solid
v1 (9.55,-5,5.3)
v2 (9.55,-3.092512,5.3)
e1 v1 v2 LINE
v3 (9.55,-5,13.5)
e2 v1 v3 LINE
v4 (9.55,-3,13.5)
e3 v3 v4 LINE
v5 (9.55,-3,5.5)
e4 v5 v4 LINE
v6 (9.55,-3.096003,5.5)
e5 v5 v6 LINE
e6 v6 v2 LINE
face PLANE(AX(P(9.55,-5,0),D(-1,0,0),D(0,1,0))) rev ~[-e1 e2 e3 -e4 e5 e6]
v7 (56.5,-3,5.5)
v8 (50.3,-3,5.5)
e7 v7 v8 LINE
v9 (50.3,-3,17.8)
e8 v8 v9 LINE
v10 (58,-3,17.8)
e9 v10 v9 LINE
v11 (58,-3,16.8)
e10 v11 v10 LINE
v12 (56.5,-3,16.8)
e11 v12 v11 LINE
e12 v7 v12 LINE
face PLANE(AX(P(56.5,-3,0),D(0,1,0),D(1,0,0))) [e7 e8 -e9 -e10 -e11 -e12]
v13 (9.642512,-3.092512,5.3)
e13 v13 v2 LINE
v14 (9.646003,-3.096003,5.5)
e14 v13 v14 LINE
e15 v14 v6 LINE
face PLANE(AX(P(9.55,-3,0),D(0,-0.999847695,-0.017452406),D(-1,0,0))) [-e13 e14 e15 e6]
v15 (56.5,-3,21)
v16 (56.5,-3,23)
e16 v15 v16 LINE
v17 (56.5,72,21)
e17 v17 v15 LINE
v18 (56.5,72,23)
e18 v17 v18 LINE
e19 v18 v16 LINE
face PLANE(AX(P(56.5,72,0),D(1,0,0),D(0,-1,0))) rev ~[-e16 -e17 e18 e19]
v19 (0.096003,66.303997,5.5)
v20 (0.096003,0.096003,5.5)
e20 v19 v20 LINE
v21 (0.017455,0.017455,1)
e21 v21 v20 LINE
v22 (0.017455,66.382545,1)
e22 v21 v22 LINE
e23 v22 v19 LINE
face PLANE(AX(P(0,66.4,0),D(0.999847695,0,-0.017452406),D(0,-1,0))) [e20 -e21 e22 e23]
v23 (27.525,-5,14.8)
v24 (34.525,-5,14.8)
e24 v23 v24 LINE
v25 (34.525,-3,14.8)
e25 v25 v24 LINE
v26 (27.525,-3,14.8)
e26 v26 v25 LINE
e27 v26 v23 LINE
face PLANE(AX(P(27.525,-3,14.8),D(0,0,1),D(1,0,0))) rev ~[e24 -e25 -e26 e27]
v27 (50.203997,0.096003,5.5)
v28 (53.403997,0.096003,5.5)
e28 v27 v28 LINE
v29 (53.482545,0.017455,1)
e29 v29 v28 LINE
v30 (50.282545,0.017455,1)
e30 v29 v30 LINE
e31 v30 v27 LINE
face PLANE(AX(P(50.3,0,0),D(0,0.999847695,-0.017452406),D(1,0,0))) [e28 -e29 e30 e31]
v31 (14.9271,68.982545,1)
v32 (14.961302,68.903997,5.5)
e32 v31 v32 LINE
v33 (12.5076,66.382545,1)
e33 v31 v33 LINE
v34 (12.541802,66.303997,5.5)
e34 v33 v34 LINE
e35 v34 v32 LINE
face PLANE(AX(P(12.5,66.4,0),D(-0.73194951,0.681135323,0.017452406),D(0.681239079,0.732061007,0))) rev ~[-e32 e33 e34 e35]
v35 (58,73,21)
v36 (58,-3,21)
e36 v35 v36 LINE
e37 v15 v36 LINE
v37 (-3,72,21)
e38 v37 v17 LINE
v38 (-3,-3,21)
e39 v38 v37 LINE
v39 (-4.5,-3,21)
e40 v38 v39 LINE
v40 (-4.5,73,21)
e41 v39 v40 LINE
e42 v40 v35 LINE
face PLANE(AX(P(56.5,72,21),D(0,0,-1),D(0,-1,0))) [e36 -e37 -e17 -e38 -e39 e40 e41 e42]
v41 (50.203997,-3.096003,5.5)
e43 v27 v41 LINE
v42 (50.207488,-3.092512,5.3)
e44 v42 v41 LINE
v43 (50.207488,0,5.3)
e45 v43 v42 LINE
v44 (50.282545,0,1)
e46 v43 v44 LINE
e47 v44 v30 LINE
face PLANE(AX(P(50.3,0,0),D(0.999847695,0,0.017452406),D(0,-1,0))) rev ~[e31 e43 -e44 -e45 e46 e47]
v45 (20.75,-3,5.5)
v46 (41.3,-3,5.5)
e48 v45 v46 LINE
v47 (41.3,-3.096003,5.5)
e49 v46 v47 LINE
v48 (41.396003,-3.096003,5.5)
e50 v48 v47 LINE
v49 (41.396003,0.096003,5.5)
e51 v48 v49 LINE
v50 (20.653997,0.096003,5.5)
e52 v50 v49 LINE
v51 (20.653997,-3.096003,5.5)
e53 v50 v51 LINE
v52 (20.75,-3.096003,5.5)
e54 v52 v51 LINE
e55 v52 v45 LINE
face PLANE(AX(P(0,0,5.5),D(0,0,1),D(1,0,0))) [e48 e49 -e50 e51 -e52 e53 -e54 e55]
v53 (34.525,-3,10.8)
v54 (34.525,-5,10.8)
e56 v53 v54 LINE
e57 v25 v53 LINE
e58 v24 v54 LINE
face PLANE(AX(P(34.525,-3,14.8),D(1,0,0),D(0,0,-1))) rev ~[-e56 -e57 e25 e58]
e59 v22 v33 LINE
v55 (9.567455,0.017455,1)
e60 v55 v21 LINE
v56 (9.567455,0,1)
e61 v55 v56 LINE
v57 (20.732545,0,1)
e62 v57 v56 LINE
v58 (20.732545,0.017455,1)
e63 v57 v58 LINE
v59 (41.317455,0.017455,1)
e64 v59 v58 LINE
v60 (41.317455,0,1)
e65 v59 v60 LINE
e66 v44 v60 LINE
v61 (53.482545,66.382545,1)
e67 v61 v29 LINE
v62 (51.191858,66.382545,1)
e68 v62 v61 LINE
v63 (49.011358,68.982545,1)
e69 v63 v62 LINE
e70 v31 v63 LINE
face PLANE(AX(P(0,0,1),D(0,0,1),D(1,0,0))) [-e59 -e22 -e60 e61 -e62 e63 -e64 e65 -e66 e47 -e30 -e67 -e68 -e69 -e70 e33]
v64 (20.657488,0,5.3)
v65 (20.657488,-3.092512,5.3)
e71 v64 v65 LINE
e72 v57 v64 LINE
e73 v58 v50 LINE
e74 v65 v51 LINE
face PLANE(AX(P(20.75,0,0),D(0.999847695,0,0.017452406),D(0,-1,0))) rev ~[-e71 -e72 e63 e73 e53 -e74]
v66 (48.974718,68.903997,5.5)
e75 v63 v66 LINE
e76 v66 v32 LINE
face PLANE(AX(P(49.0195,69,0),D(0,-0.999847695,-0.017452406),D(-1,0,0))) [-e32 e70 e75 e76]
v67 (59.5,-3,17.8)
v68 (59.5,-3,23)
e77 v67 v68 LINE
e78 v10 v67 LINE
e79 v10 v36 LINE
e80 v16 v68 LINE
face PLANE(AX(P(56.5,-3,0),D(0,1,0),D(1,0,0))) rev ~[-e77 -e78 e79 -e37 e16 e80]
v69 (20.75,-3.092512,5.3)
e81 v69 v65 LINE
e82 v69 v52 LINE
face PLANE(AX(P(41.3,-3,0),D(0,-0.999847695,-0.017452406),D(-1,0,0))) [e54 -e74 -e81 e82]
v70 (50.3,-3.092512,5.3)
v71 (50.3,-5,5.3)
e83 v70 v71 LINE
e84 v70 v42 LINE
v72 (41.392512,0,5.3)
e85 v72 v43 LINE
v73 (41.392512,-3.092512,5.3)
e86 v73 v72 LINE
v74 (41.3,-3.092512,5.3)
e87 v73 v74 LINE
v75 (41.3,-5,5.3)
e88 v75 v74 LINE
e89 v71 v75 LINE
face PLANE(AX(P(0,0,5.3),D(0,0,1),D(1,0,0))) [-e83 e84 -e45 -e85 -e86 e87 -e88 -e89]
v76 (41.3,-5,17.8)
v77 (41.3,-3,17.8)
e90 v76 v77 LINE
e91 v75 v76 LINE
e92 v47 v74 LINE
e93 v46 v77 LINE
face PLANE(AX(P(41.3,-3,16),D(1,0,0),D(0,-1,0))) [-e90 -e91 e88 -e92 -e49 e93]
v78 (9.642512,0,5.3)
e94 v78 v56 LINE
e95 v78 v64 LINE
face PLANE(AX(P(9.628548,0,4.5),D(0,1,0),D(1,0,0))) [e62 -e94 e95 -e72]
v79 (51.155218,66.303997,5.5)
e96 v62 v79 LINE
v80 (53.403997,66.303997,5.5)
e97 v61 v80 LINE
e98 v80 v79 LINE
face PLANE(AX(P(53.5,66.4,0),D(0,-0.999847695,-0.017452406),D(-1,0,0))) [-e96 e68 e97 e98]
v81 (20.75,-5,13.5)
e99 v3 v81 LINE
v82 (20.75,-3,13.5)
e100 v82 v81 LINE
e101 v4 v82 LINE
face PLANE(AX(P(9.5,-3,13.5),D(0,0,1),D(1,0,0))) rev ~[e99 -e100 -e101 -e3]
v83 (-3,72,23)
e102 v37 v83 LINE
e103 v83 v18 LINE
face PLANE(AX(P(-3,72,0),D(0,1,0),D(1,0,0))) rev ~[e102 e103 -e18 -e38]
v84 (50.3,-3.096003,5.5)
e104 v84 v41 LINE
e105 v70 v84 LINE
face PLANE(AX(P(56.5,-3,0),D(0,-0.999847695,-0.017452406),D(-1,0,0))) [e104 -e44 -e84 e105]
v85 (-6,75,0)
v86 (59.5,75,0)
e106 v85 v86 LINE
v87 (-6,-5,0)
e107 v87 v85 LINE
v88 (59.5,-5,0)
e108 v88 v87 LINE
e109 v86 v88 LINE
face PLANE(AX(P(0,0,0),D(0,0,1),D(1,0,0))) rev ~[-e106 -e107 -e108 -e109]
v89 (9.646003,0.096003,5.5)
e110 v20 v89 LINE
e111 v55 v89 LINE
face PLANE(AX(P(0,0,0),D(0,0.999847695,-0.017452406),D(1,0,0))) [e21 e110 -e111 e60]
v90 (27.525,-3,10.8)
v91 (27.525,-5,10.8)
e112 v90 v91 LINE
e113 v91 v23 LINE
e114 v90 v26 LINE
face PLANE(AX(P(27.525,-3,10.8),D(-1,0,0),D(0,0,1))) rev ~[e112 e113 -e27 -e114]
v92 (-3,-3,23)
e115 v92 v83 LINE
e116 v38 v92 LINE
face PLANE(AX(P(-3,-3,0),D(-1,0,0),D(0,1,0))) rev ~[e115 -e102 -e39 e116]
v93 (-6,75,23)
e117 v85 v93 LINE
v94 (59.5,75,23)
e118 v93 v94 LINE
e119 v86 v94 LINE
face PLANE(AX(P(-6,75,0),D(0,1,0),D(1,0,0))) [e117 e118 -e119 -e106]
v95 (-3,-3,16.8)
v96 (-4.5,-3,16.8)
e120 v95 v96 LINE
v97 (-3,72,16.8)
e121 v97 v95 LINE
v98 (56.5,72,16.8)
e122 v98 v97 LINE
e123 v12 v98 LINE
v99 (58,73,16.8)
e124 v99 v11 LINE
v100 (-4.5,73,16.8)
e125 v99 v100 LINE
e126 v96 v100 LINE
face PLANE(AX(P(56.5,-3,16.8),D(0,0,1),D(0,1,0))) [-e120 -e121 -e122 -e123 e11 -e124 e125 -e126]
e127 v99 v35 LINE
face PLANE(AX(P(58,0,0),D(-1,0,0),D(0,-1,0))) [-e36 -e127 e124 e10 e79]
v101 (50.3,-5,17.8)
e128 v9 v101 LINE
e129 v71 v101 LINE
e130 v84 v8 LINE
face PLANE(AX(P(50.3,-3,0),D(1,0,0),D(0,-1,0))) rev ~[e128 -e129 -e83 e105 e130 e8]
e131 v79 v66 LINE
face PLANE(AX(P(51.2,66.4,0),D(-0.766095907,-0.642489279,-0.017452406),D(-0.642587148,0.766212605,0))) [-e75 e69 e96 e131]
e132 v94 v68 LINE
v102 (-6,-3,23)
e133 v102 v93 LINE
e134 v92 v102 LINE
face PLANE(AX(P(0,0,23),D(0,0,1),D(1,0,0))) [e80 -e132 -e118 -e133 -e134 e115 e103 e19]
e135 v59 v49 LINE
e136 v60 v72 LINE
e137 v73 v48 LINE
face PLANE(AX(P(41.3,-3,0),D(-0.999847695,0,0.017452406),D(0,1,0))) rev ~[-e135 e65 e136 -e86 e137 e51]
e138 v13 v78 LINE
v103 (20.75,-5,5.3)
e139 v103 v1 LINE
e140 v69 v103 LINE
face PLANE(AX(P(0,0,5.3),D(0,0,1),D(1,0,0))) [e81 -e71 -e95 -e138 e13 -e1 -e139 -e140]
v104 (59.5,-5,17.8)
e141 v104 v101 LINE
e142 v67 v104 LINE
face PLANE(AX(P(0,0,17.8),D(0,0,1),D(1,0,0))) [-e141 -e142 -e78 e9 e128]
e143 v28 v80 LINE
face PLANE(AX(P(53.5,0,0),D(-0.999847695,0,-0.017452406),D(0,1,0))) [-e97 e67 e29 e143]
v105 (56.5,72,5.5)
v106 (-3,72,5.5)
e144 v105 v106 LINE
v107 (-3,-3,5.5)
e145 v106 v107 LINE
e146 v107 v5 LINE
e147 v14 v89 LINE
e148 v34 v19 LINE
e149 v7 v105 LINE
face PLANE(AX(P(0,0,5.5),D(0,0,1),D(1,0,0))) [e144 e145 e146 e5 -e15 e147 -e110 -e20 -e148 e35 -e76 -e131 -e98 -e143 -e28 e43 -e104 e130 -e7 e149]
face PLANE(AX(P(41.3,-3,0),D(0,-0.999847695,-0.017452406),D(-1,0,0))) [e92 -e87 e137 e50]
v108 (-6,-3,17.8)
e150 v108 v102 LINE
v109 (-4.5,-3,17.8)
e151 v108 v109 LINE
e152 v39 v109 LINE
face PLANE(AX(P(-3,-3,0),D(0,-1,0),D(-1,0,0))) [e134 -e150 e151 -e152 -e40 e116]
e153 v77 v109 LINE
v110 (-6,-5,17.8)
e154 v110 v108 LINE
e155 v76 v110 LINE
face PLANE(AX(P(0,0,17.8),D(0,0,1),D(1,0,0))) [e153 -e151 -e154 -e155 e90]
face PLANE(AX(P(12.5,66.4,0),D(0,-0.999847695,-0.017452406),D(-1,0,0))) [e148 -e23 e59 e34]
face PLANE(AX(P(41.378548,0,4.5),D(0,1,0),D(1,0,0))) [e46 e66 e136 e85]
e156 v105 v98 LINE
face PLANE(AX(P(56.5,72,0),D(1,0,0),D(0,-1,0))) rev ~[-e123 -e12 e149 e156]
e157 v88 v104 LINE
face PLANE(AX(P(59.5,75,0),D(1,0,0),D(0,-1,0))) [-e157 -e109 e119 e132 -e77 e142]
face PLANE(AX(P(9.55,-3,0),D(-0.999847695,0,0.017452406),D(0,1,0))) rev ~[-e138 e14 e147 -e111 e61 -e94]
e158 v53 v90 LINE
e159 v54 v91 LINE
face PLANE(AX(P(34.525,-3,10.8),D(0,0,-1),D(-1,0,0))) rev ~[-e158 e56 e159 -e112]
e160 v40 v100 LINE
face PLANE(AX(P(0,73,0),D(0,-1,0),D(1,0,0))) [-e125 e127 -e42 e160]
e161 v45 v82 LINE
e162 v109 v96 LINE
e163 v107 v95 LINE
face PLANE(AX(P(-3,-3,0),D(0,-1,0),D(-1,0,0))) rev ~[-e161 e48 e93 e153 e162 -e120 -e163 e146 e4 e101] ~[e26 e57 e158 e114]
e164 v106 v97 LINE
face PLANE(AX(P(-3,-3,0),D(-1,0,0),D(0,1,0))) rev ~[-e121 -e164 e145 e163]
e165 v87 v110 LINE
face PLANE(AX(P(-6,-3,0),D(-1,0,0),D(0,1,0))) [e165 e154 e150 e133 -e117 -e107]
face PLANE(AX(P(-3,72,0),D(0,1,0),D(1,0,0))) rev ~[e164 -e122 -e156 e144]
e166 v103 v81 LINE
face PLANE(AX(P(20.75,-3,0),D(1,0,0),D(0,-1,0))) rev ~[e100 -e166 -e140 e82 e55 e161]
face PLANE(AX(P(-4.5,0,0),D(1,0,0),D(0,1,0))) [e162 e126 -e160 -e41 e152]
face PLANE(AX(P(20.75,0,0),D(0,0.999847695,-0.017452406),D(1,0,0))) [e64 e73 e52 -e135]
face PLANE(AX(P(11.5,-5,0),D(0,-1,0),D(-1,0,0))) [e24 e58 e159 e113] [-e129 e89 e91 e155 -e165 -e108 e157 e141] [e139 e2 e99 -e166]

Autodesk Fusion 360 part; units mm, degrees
sketch "Esquisse1" plane through (0, 0, 0) normal (0, 0, 1) x (1, 0, 0)
  line L0 (0, 0) -> (53.5, 0)
  line L1 (53.5, 0) -> (53.5, 66.4)
  line L2 (0, 66.4) -> (0, 0)
  line L3 (41.3, 0) -> (50.3, 0)
  line L4 (50.3, 0) -> (50.3, -5.2)
  line L5 (50.3, -5.2) -> (41.3, -5.2)
  line L6 (41.3, -5.2) -> (41.3, 0)
  line L7 (11.5, 0) -> (18.8, 0)
  line L8 (18.8, 0) -> (18.8, -1.2)
  line L9 (18.8, -1.2) -> (11.5, -1.2)
  line L10 (11.5, -1.2) -> (11.5, 0)
  line L11 (53.5, 66.4) -> (51.2, 66.4) construction
  line L12 (51.2, 66.4) -> (49.0195, 69)
  line L13 (49.0195, 69) -> (14.9195, 69)
  line L14 (12.5, 66.4) -> (14.9195, 69)
  line L15 (53.5, 66.4) -> (51.2, 66.4)
  line L16 (12.5, 66.4) -> (0, 66.4)
  line L17 (41.3, 0) -> (49.9, 0)
  line L18 (11.5, 0) -> (18.8, 0)
  line L19 (0, 33.2) -> (53.5, 33.2) construction
  line L20 (26.75, 0) -> (26.75, 33.2) construction
  line L21 (0, 66.4) -> (0, 68.7) construction
  line L22 (0, 68.7) -> (53.5, 68.7) construction
  line L23 (53.5, 68.7) -> (53.5, 66.4) construction
  line L24 (-3, 72) -> (56.5, 72)
  line L25 (56.5, 72) -> (56.5, -3)
  line L26 (56.5, -3) -> (-3, -3)
  line L27 (-3, -3) -> (-3, 72)
  line L28 (-6, 75) -> (59.5, 75)
  line L29 (59.5, 75) -> (59.5, -5)
  line L30 (59.5, -5) -> (-6, -5)
  line L31 (-6, -5) -> (-6, 75)
  line L32 (26.75, 75) -> (26.75, -5) construction
  line L33 (11.5, -1.2) -> (11.5, -5)
  line L34 (18.8, -1.2) -> (18.8, -5)
  line L35 (15.15, 0) -> (15.15, -5) construction
  line L36 (9.55, 0) -> (20.75, 0)
  line L37 (20.75, 0) -> (20.75, -5)
  line L38 (20.75, -5) -> (9.55, -5)
  line L39 (9.55, -5) -> (9.55, 0)
  line L40 (15.15, 0) -> (15.15, -5) construction
  line L41 (-3, -3) -> (-6, -3)
  line L42 (56.5, -3) -> (59.5, -3)
  dimension "d1" = 66.4
  dimension "d13" = 53.5
  dimension "d14" = 3.2
  dimension "d15" = 9
  dimension "d16" = 5.2
  dimension "d17" = 11.5
  dimension "d18" = 7.3
  dimension "d19" = 1.2
  dimension "d21" = 2.3
  dimension "d22" = 38.7
  dimension "d25" = 34.1
  dimension "d43" = 3
  dimension "d44" = 3
  dimension "d45" = 3
  dimension "d46" = 3
  dimension "d47" = 3
  dimension "d48" = 3
  dimension "d52" = 11.2
extrude "Extrusion6" add sketch "Esquisse1" along normal blind 1 contours L0 L1 L2 L3 L7 L12 L13 L14 L15 L16 L17 L18 L36
extrude "Extrusion7" add sketch "Esquisse1" along normal blind 5.5 draft 1 contours L0 L1 L2 L4 L12 L13 L14 L15 L16 L24 L25 L26 L27 L39 | L0 L6 L26 L37
extrude "Extrusion8" add sketch "Esquisse1" along normal blind 23 contours L24 L25 L27 L28 L29 L31 L41 L42
extrude "Extrusion9" add sketch "Esquisse1" along normal blind 4.5 contours L0 L10 L26 L33 L36 L39 | L0 L7 L8 L9 L10 L18 L36 | L26 L30 L33 L38 L39 | L0 L8 L26 L34 L36 L37 | L9 L26 L33 L34 | L26 L30 L33 L34 L38 | L26 L30 L34 L37 L38 | L0 L3 L4 L6 L17 L26 | L4 L6 L26 L30
extrude "Extrusion10" add sketch "Esquisse1" along normal blind 17.8 contours L26 L30 L31 L39 L41 | L6 L26 L30 L37 | L4 L26 L29 L30 L42
sketch "Esquisse2" plane through (-3, 0, 0) normal (1, 0, 0) x (0, 1, 0)
  line L0 (-3, 5.5) -> (72, 5.5)
  line L1 (72, 5.5) -> (72, 23)
  line L2 (72, 23) -> (-3, 23)
  line L3 (-3, 23) -> (-3, 17.8)
  line L4 (-3, 17.8) -> (-3, 5.5)
  line L5 (-3, 23) -> (75, 23) construction
  line L6 (-3, 21) -> (72.5, 21)
  line L7 (72.5, 21) -> (72.5, 16.8)
  line L8 (72.5, 16.8) -> (-3, 16.8)
  line L9 (-3, 16.8) -> (-3, 21)
  dimension "d65" = 2
  dimension "d66" = 4.2
  dimension "d67" = 75.5
extrude "Extrusion11" cut sketch "Esquisse2" against normal blind 1.5 contours L1 L3 L4 L6 L8 L9
sketch "Esquisse3" plane through (56.5, 0, 0) normal (-1, 0, 0) x (0, -1, 0)
  line L0 (-72, 5.5) -> (3, 5.5)
  line L1 (3, 5.5) -> (3, 17.8)
  line L2 (3, 17.8) -> (3, 23)
  line L3 (3, 23) -> (-72, 23)
  line L4 (-72, 23) -> (-72, 5.5)
  line L5 (-72, 23) -> (3, 23) construction
  line L6 (-72, 21) -> (3, 21)
  line L7 (3, 21) -> (3, 16.8)
  line L8 (3, 16.8) -> (-72, 16.8)
  line L9 (-72, 16.8) -> (-72, 21)
  dimension "d70" = 4.2
  dimension "d71" = 2
extrude "Extrusion12" cut sketch "Esquisse3" against normal blind 1.5 contours L1 L2 L4 L6 L7 L8 L9
sketch "Esquisse4" plane through (0, 72, 0) normal (0, -1, 0) x (1, 0, 0)
  line L0 (-3, 5.5) -> (56.5, 5.5)
  line L1 (56.5, 5.5) -> (56.5, 16.8)
  line L2 (56.5, 16.8) -> (58, 16.8)
  line L3 (58, 16.8) -> (58, 21)
  line L4 (58, 21) -> (56.5, 21)
  line L5 (56.5, 21) -> (56.5, 23)
  line L6 (56.5, 23) -> (-3, 23)
  line L7 (-3, 23) -> (-3, 21)
  line L8 (-3, 21) -> (-4.5, 21)
  line L9 (-4.5, 21) -> (-4.5, 16.8)
  line L10 (-4.5, 16.8) -> (-3, 16.8)
  line L11 (-3, 16.8) -> (-3, 5.5)
  line L12 (-4.5, 21) -> (58, 21)
  line L13 (58, 21) -> (58, 16.8)
  line L14 (58, 16.8) -> (-4.5, 16.8)
  line L15 (-4.5, 16.8) -> (-4.5, 21)
extrude "Extrusion13" add 2 faces at (47.2738, -2.0524, 4.5) (16.9905, -1.0262, 4.5) along direction (0, 0, 1) blind 0.8
sketch "Esquisse5" plane through (0, -3, 0) normal (0, 1, 0) x (-1, 0, 0)
  line L0 (-41.3, 5.5) -> (-20.75, 5.5)
  line L1 (-20.75, 5.5) -> (-20.75, 17.8)
  line L2 (-20.75, 17.8) -> (-41.3, 17.8)
  line L3 (-41.3, 17.8) -> (-41.3, 5.5)
  line L4 (-60.0312, 14.8) -> (4.9812, 14.8) construction
  line L5 (-50, 16) -> (-41.3, 16) construction
  line L6 (-20.75, 13.5) -> (-9.5, 13.5) construction
  line L7 (-41.3, 5.5) -> (-51, 5.5) construction
  line L8 (-51, 5.5) -> (-20.75, 5.5) construction
  line L9 (-9.284, 5.5) -> (-20.75, 5.5) construction
  line L10 (-50, 16) -> (-41.3, 16)
  line L11 (-41.3, 16) -> (-41.3, 17.8)
  line L12 (-41.3, 17.8) -> (-50, 17.8)
  line L13 (-50, 17.8) -> (-50, 16)
  line L14 (-20.75, 17.8) -> (-9.5, 17.8)
  line L15 (-9.5, 17.8) -> (-9.5, 13.5)
  line L16 (-9.5, 13.5) -> (-20.75, 13.5)
  line L17 (-20.75, 13.5) -> (-20.75, 17.8)
  line L18 (-27.525, 14.8) -> (-34.525, 14.8)
  line L19 (-34.525, 14.8) -> (-34.525, 10.8)
  line L20 (-34.525, 10.8) -> (-27.525, 10.8)
  line L21 (-27.525, 10.8) -> (-27.525, 14.8)
  line L22 (-20.75, 17.8) -> (-41.3, 17.8) construction
  line L23 (-41.3, 17.8) -> (-41.3, 5.5) construction
  line L24 (-41.3, 5.5) -> (-20.75, 5.5) construction
  line L25 (-20.75, 5.5) -> (-20.75, 17.8) construction
  line L26 (-31.025, 14.8) -> (-31.025, 10.8) construction
  line L27 (-31.025, 17.8) -> (-31.025, 5.5) construction
  dimension "d76" = 10.5
  dimension "d78" = 8
  dimension "d81" = 7
  dimension "d82" = 4
extrude "Extrusion14" add sketch "Esquisse5" against normal blind 2 contours L3 L10 L11 L12 L13 | L1 L14 L15 L16 L17
extrude "Extrusion16" cut sketch "Esquisse5" against normal blind 2 contours L18 L19 L20 L21
extrude "Extrusion17" cut sketch "Esquisse4" against normal blind 1 contours L2 L3 L4 L8 L9 L10 L12 L13 L14 L15
extrude "Extrusion19" cut 1 faces at (47.1, -3.6667, 16) along direction (0, 0, 1) blind 3
equation "d1 = longc1"
equation "longc1 = 66.4 mm" comment "longueur Carte"
equation "largc1 = 53.5 mm" comment "largueur Carte"
equation "diffdepH = 2.5 mm" comment "différence de hauteur entre la carte et la foorme du dessus"
equation "epchar = 11 mm" comment "épaisseur de l'entrée chargeur"
equation "depconn = 1.2 mm" comment "dépassement due a l'entrée usb-c"
equation "depchar = 5.2 mm" comment "dépassement du à l'entrée charqeur"
equation "larchar = 9 mm" comment "largeur de l'entrée chargeur"
equation "larconn = 7.3 mm" comment "largeur de l'entrée USB-C"
equation "distborconn = 11.5 mm" comment "distance entre l'entrée USB-C et le bord le plus proche"
equation "distborchar = 3.2 mm" comment "distance entre l'entrée chargeur et le bord le plus proche"
equation "diffdepD = 2.3 mm" comment "distance entre bordure droit  et le dépassement"
equation "d13 = largc1"
equation "d14 = distborchar"
equation "d15 = larchar"
equation "d16 = depchar"
equation "d17 = distborconn"
equation "d18 = larconn"
equation "d19 = depconn"
equation "largdep = 34.2 mm" comment "largeur du dépassement"
equation "d21 = diffdepD"
equation "epC = 4.5 mm" comment "épaisseur de la carte"
equation "epconn = 2.5 mm" comment "epaisseur entrée usb-c"
equation "diffCB = 3 mm" comment "espace entre bordure et carte"
equation "d43 = diffCB"
equation "d44 = diffCB"
equation "d45 = diffCB"
equation "d46 = diffCB"
equation "d47 = epB"
equation "d48 = epB"
equation "epB = 3 mm" comment "épaisseur de la boite"
equation "Lpu = 11.2 mm" comment "largeur de l'embout USB-c"
equation "Hpu = 8 mm" comment "Hauteur de l'embout USB-c"
equation "d52 = Lpu"
equation "d55 = 1 mm + epC"
equation "HB = 23 mm" comment "Hauteur Boite"
equation "epV = 3.2 mm" comment "épaisseur vitre"
equation "d59 = HB"
equation "d61 = epC"
equation "d63 = HB - 2 mm - epV"
equation "d66 = epV + 1 mm"
equation "d67 = 78.000001 mm - 2.5 mm"
equation "d70 = epV + 1 mm"
equation "d76 = HC"
equation "HC = 10.5 mm" comment "hauteur del'embout chargeur"
equation "d78 = Hpu"
equation "longpin = 3 mm"
